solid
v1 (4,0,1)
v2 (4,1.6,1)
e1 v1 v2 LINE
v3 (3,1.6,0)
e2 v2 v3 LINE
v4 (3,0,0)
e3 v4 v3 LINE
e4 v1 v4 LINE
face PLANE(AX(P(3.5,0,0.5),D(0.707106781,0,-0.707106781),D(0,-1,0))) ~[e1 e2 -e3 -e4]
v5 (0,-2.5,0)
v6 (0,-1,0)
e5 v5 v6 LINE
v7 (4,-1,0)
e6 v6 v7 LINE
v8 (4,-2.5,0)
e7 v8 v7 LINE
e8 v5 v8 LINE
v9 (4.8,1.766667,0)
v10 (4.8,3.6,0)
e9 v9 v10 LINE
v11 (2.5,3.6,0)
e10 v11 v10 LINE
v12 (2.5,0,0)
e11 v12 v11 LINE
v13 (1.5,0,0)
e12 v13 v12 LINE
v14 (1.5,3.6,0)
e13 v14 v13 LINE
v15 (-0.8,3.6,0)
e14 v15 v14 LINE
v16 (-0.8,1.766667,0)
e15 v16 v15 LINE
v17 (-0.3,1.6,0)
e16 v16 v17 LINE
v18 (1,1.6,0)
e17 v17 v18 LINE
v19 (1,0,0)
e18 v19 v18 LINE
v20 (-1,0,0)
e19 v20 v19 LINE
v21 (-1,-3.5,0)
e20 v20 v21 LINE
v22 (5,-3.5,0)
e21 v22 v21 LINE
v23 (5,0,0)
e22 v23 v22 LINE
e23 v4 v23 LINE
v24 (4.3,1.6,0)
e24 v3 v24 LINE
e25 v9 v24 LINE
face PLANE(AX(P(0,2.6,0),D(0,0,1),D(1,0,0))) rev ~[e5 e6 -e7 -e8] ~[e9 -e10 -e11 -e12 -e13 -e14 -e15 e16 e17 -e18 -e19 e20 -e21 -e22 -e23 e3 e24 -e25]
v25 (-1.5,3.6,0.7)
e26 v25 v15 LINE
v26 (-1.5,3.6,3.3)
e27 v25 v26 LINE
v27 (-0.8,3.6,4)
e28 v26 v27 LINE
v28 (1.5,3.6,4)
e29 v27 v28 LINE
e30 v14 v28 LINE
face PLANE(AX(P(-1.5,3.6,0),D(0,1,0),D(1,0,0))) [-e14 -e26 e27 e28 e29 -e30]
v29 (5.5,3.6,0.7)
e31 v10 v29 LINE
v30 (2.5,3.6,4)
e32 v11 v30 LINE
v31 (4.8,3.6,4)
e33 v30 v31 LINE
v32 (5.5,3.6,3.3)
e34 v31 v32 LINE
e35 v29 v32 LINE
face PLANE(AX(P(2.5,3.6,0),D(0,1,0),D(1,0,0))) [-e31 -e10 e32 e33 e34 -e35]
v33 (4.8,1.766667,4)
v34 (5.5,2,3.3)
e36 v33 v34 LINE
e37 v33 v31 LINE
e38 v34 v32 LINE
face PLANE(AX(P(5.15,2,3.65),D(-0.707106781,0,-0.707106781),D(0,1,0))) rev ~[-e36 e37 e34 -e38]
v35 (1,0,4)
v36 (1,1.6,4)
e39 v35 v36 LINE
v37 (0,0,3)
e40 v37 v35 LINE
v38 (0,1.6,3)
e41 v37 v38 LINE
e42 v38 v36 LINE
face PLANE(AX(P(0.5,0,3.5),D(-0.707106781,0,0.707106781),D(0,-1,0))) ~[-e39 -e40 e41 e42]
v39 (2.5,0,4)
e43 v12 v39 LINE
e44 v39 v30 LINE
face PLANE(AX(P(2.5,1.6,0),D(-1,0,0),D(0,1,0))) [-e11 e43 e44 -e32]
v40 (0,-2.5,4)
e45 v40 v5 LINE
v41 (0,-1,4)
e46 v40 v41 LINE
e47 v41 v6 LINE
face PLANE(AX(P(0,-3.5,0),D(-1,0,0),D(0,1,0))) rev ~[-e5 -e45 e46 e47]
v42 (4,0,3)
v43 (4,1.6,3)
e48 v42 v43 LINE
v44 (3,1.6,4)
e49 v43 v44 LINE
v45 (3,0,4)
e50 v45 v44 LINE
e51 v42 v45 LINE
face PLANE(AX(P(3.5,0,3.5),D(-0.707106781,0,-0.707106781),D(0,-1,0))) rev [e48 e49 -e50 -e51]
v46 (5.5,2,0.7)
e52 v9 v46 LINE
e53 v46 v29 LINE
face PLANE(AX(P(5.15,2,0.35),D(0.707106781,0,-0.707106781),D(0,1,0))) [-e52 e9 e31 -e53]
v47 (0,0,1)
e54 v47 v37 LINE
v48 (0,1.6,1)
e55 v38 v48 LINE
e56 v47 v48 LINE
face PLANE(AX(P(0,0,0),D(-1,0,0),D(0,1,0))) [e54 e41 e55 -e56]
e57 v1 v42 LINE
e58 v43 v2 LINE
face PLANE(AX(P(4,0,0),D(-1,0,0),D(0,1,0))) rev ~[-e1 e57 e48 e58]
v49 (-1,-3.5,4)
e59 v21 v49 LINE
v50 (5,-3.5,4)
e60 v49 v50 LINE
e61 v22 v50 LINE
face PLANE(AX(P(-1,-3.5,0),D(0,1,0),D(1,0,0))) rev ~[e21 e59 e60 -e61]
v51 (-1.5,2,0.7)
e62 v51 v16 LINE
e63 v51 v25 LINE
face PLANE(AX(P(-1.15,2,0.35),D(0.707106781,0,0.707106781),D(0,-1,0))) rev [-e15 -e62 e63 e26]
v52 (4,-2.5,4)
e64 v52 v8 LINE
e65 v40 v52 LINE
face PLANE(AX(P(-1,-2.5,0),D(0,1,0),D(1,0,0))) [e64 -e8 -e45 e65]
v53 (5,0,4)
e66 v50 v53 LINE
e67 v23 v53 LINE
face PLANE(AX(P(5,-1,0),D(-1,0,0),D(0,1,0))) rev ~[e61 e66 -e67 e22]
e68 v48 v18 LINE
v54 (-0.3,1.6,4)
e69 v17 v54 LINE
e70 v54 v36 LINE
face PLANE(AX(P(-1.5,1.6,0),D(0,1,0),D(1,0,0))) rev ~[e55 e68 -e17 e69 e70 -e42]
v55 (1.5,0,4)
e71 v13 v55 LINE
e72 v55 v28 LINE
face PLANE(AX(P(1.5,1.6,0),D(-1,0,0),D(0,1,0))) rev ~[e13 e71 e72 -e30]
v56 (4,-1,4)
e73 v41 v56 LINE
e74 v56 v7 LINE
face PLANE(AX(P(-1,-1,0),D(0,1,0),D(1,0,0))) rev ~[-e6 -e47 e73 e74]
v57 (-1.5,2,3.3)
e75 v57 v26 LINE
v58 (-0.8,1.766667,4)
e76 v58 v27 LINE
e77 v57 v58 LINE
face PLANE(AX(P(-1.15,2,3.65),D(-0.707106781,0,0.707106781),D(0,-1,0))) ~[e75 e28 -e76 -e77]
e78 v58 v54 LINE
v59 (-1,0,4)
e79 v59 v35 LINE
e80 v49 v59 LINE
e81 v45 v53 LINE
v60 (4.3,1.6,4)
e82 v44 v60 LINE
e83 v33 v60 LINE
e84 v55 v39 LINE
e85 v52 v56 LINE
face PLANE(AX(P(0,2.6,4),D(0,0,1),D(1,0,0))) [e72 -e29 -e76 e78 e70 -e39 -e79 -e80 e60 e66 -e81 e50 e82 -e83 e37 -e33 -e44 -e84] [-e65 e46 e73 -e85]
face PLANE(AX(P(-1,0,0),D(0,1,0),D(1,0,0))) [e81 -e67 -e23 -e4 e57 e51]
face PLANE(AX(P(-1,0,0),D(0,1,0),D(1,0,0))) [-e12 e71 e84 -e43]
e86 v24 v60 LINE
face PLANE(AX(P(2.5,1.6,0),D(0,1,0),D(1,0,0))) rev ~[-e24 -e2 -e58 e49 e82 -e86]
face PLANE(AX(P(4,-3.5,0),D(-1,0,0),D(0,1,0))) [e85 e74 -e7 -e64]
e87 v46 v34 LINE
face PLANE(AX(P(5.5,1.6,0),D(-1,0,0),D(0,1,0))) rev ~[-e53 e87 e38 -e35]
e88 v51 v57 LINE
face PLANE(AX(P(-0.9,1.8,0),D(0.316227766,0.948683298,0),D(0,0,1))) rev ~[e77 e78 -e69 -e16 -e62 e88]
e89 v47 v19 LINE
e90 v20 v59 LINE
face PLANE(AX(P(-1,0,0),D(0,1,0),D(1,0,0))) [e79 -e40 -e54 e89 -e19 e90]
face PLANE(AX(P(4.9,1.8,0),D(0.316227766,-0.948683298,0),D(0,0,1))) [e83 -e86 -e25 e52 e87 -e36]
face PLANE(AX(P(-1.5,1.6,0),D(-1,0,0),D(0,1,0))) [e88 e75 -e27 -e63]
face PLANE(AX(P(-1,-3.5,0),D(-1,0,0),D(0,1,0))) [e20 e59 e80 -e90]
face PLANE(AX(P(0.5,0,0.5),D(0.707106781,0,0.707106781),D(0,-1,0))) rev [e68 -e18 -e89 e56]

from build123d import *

# Parameters (mm, degrees)
BOX007_W           = 1
BOX007_H           = 3
BOX007_DEPTH       = 4
BOX009_W           = 3
BOX009_H           = 2
BOX009_DEPTH       = 4
CHAMFER001_SIZE2   = 1.2
CHAMFER001_SIZE    = 0.4
CHAMFER003_SIZE    = 0.7
BOX008_W           = 1
BOX008_H           = 3
BOX008_DEPTH       = 4
BOX006_W           = 6
BOX006_H           = 1
BOX006_DEPTH       = 4
BOX005_W           = 6
BOX005_H           = 1
BOX005_DEPTH       = 4
BOX003_W           = 1.5
BOX003_H           = 2
BOX003_DEPTH       = 4
CHAMFER009005_SIZE = 1
BOX010_W           = 3
BOX010_H           = 2
BOX010_DEPTH       = 4
CHAMFER_SIZE2      = 1.2
CHAMFER_SIZE       = 0.4
CHAMFER002_SIZE    = 0.7
BOX004_W           = 1.5
BOX004_H           = 2
BOX004_DEPTH       = 4
CHAMFER009006_SIZE = 1


with BuildPart() as cube007:
    # Box007 → Box007 (new body)
    with BuildSketch(Plane(origin=(-1, -3.5, 0), x_dir=(1, 0, 0), z_dir=(0, 0, 1))):
        with Locations((0.5, 1.5)):
            Rectangle(BOX007_W, BOX007_H)
    extrude(amount=BOX007_DEPTH)


with BuildPart() as chamfer003:
    # Box009 → Box009 (new body)
    with BuildSketch(Plane(origin=(2.5, 1.5, 0), x_dir=(1, 0, 0), z_dir=(0, 0, 1))):
        with Locations((1.5, 1)):
            Rectangle(BOX009_W, BOX009_H)
    extrude(amount=BOX009_DEPTH)

    # Chamfer001
    chamfer001_edges = [chamfer003.edges().sort_by_distance(p)[0] for p in [
        (5.5, 1.5, 2),
    ]]
    chamfer001_side = chamfer003.faces().sort_by_distance((5.5, 2.5, 2))[0]
    chamfer(chamfer001_edges, length=CHAMFER001_SIZE, length2=CHAMFER001_SIZE2, reference=chamfer001_side)

    # Chamfer003
    chamfer003_edges = [chamfer003.edges().sort_by_distance(p)[0] for p in [
        (5.5, 2.7, 4),
        (5.5, 2.7, 0),
    ]]
    chamfer(chamfer003_edges, length=CHAMFER003_SIZE)


with BuildPart() as chamfer003_1:
    # Chamfer003 placement: moved
    add(chamfer003.part.moved(Location((0, 0.1, 0))))


with BuildPart() as cube008:
    # Box008 → Box008 (new body)
    with BuildSketch(Plane(origin=(4, -3.5, 0), x_dir=(1, 0, 0), z_dir=(0, 0, 1))):
        with Locations((0.5, 1.5)):
            Rectangle(BOX008_W, BOX008_H)
    extrude(amount=BOX008_DEPTH)


with BuildPart() as cube006:
    # Box006 → Box006 (new body)
    with BuildSketch(Plane(origin=(-1, -3.5, 0), x_dir=(1, 0, 0), z_dir=(0, 0, 1))):
        with Locations((3, 0.5)):
            Rectangle(BOX006_W, BOX006_H)
    extrude(amount=BOX006_DEPTH)


with BuildPart() as cube005:
    # Box005 → Box005 (new body)
    with BuildSketch(Plane(origin=(-1, -1, 0), x_dir=(1, 0, 0), z_dir=(0, 0, 1))):
        with Locations((3, 0.5)):
            Rectangle(BOX005_W, BOX005_H)
    extrude(amount=BOX005_DEPTH)


with BuildPart() as chamfer009005:
    # Box003 → Box003 (new body)
    with BuildSketch(Plane.XY):
        with Locations((0.75, 1)):
            Rectangle(BOX003_W, BOX003_H)
    extrude(amount=BOX003_DEPTH)

    # Chamfer009005
    chamfer009005_edges = [chamfer009005.edges().sort_by_distance(p)[0] for p in [
        (0, 1, 4),
        (0, 1, 0),
    ]]
    chamfer(chamfer009005_edges, length=CHAMFER009005_SIZE)


with BuildPart() as chamfer002:
    # Box010 → Box010 (new body)
    with BuildSketch(Plane(origin=(-1.5, 1.5, 0), x_dir=(1, 0, 0), z_dir=(0, 0, 1))):
        with Locations((1.5, 1)):
            Rectangle(BOX010_W, BOX010_H)
    extrude(amount=BOX010_DEPTH)

    # Chamfer
    chamfer_edges = [chamfer002.edges().sort_by_distance(p)[0] for p in [
        (-1.5, 1.5, 2),
    ]]
    chamfer_side = chamfer002.faces().sort_by_distance((-1.5, 2.5, 2))[0]
    chamfer(chamfer_edges, length=CHAMFER_SIZE, length2=CHAMFER_SIZE2, reference=chamfer_side)

    # Chamfer002
    chamfer002_edges = [chamfer002.edges().sort_by_distance(p)[0] for p in [
        (-1.5, 2.7, 4),
        (-1.5, 2.7, 0),
    ]]
    chamfer(chamfer002_edges, length=CHAMFER002_SIZE)


with BuildPart() as chamfer002_1:
    # Chamfer002 placement: moved
    add(chamfer002.part.moved(Location((0, 0.1, 0))))


with BuildPart() as fusion008:
    # Box004 → Box004 (new body)
    with BuildSketch(Plane(origin=(2.5, 0, 0), x_dir=(1, 0, 0), z_dir=(0, 0, 1))):
        with Locations((0.75, 1)):
            Rectangle(BOX004_W, BOX004_H)
    extrude(amount=BOX004_DEPTH)

    # Chamfer009006
    chamfer009006_edges = [fusion008.edges().sort_by_distance(p)[0] for p in [
        (4, 1, 4),
        (4, 1, 0),
    ]]
    chamfer(chamfer009006_edges, length=CHAMFER009006_SIZE)

    # Fusion008: union Cube007, Chamfer003, Cube008, Cube006, Cube005, Chamfer009005, Chamfer002
    add(cube007.part)
    add(chamfer003_1.part)
    add(cube008.part)
    add(cube006.part)
    add(cube005.part)
    add(chamfer009005.part)
    add(chamfer002_1.part)


solid = fusion008.part
